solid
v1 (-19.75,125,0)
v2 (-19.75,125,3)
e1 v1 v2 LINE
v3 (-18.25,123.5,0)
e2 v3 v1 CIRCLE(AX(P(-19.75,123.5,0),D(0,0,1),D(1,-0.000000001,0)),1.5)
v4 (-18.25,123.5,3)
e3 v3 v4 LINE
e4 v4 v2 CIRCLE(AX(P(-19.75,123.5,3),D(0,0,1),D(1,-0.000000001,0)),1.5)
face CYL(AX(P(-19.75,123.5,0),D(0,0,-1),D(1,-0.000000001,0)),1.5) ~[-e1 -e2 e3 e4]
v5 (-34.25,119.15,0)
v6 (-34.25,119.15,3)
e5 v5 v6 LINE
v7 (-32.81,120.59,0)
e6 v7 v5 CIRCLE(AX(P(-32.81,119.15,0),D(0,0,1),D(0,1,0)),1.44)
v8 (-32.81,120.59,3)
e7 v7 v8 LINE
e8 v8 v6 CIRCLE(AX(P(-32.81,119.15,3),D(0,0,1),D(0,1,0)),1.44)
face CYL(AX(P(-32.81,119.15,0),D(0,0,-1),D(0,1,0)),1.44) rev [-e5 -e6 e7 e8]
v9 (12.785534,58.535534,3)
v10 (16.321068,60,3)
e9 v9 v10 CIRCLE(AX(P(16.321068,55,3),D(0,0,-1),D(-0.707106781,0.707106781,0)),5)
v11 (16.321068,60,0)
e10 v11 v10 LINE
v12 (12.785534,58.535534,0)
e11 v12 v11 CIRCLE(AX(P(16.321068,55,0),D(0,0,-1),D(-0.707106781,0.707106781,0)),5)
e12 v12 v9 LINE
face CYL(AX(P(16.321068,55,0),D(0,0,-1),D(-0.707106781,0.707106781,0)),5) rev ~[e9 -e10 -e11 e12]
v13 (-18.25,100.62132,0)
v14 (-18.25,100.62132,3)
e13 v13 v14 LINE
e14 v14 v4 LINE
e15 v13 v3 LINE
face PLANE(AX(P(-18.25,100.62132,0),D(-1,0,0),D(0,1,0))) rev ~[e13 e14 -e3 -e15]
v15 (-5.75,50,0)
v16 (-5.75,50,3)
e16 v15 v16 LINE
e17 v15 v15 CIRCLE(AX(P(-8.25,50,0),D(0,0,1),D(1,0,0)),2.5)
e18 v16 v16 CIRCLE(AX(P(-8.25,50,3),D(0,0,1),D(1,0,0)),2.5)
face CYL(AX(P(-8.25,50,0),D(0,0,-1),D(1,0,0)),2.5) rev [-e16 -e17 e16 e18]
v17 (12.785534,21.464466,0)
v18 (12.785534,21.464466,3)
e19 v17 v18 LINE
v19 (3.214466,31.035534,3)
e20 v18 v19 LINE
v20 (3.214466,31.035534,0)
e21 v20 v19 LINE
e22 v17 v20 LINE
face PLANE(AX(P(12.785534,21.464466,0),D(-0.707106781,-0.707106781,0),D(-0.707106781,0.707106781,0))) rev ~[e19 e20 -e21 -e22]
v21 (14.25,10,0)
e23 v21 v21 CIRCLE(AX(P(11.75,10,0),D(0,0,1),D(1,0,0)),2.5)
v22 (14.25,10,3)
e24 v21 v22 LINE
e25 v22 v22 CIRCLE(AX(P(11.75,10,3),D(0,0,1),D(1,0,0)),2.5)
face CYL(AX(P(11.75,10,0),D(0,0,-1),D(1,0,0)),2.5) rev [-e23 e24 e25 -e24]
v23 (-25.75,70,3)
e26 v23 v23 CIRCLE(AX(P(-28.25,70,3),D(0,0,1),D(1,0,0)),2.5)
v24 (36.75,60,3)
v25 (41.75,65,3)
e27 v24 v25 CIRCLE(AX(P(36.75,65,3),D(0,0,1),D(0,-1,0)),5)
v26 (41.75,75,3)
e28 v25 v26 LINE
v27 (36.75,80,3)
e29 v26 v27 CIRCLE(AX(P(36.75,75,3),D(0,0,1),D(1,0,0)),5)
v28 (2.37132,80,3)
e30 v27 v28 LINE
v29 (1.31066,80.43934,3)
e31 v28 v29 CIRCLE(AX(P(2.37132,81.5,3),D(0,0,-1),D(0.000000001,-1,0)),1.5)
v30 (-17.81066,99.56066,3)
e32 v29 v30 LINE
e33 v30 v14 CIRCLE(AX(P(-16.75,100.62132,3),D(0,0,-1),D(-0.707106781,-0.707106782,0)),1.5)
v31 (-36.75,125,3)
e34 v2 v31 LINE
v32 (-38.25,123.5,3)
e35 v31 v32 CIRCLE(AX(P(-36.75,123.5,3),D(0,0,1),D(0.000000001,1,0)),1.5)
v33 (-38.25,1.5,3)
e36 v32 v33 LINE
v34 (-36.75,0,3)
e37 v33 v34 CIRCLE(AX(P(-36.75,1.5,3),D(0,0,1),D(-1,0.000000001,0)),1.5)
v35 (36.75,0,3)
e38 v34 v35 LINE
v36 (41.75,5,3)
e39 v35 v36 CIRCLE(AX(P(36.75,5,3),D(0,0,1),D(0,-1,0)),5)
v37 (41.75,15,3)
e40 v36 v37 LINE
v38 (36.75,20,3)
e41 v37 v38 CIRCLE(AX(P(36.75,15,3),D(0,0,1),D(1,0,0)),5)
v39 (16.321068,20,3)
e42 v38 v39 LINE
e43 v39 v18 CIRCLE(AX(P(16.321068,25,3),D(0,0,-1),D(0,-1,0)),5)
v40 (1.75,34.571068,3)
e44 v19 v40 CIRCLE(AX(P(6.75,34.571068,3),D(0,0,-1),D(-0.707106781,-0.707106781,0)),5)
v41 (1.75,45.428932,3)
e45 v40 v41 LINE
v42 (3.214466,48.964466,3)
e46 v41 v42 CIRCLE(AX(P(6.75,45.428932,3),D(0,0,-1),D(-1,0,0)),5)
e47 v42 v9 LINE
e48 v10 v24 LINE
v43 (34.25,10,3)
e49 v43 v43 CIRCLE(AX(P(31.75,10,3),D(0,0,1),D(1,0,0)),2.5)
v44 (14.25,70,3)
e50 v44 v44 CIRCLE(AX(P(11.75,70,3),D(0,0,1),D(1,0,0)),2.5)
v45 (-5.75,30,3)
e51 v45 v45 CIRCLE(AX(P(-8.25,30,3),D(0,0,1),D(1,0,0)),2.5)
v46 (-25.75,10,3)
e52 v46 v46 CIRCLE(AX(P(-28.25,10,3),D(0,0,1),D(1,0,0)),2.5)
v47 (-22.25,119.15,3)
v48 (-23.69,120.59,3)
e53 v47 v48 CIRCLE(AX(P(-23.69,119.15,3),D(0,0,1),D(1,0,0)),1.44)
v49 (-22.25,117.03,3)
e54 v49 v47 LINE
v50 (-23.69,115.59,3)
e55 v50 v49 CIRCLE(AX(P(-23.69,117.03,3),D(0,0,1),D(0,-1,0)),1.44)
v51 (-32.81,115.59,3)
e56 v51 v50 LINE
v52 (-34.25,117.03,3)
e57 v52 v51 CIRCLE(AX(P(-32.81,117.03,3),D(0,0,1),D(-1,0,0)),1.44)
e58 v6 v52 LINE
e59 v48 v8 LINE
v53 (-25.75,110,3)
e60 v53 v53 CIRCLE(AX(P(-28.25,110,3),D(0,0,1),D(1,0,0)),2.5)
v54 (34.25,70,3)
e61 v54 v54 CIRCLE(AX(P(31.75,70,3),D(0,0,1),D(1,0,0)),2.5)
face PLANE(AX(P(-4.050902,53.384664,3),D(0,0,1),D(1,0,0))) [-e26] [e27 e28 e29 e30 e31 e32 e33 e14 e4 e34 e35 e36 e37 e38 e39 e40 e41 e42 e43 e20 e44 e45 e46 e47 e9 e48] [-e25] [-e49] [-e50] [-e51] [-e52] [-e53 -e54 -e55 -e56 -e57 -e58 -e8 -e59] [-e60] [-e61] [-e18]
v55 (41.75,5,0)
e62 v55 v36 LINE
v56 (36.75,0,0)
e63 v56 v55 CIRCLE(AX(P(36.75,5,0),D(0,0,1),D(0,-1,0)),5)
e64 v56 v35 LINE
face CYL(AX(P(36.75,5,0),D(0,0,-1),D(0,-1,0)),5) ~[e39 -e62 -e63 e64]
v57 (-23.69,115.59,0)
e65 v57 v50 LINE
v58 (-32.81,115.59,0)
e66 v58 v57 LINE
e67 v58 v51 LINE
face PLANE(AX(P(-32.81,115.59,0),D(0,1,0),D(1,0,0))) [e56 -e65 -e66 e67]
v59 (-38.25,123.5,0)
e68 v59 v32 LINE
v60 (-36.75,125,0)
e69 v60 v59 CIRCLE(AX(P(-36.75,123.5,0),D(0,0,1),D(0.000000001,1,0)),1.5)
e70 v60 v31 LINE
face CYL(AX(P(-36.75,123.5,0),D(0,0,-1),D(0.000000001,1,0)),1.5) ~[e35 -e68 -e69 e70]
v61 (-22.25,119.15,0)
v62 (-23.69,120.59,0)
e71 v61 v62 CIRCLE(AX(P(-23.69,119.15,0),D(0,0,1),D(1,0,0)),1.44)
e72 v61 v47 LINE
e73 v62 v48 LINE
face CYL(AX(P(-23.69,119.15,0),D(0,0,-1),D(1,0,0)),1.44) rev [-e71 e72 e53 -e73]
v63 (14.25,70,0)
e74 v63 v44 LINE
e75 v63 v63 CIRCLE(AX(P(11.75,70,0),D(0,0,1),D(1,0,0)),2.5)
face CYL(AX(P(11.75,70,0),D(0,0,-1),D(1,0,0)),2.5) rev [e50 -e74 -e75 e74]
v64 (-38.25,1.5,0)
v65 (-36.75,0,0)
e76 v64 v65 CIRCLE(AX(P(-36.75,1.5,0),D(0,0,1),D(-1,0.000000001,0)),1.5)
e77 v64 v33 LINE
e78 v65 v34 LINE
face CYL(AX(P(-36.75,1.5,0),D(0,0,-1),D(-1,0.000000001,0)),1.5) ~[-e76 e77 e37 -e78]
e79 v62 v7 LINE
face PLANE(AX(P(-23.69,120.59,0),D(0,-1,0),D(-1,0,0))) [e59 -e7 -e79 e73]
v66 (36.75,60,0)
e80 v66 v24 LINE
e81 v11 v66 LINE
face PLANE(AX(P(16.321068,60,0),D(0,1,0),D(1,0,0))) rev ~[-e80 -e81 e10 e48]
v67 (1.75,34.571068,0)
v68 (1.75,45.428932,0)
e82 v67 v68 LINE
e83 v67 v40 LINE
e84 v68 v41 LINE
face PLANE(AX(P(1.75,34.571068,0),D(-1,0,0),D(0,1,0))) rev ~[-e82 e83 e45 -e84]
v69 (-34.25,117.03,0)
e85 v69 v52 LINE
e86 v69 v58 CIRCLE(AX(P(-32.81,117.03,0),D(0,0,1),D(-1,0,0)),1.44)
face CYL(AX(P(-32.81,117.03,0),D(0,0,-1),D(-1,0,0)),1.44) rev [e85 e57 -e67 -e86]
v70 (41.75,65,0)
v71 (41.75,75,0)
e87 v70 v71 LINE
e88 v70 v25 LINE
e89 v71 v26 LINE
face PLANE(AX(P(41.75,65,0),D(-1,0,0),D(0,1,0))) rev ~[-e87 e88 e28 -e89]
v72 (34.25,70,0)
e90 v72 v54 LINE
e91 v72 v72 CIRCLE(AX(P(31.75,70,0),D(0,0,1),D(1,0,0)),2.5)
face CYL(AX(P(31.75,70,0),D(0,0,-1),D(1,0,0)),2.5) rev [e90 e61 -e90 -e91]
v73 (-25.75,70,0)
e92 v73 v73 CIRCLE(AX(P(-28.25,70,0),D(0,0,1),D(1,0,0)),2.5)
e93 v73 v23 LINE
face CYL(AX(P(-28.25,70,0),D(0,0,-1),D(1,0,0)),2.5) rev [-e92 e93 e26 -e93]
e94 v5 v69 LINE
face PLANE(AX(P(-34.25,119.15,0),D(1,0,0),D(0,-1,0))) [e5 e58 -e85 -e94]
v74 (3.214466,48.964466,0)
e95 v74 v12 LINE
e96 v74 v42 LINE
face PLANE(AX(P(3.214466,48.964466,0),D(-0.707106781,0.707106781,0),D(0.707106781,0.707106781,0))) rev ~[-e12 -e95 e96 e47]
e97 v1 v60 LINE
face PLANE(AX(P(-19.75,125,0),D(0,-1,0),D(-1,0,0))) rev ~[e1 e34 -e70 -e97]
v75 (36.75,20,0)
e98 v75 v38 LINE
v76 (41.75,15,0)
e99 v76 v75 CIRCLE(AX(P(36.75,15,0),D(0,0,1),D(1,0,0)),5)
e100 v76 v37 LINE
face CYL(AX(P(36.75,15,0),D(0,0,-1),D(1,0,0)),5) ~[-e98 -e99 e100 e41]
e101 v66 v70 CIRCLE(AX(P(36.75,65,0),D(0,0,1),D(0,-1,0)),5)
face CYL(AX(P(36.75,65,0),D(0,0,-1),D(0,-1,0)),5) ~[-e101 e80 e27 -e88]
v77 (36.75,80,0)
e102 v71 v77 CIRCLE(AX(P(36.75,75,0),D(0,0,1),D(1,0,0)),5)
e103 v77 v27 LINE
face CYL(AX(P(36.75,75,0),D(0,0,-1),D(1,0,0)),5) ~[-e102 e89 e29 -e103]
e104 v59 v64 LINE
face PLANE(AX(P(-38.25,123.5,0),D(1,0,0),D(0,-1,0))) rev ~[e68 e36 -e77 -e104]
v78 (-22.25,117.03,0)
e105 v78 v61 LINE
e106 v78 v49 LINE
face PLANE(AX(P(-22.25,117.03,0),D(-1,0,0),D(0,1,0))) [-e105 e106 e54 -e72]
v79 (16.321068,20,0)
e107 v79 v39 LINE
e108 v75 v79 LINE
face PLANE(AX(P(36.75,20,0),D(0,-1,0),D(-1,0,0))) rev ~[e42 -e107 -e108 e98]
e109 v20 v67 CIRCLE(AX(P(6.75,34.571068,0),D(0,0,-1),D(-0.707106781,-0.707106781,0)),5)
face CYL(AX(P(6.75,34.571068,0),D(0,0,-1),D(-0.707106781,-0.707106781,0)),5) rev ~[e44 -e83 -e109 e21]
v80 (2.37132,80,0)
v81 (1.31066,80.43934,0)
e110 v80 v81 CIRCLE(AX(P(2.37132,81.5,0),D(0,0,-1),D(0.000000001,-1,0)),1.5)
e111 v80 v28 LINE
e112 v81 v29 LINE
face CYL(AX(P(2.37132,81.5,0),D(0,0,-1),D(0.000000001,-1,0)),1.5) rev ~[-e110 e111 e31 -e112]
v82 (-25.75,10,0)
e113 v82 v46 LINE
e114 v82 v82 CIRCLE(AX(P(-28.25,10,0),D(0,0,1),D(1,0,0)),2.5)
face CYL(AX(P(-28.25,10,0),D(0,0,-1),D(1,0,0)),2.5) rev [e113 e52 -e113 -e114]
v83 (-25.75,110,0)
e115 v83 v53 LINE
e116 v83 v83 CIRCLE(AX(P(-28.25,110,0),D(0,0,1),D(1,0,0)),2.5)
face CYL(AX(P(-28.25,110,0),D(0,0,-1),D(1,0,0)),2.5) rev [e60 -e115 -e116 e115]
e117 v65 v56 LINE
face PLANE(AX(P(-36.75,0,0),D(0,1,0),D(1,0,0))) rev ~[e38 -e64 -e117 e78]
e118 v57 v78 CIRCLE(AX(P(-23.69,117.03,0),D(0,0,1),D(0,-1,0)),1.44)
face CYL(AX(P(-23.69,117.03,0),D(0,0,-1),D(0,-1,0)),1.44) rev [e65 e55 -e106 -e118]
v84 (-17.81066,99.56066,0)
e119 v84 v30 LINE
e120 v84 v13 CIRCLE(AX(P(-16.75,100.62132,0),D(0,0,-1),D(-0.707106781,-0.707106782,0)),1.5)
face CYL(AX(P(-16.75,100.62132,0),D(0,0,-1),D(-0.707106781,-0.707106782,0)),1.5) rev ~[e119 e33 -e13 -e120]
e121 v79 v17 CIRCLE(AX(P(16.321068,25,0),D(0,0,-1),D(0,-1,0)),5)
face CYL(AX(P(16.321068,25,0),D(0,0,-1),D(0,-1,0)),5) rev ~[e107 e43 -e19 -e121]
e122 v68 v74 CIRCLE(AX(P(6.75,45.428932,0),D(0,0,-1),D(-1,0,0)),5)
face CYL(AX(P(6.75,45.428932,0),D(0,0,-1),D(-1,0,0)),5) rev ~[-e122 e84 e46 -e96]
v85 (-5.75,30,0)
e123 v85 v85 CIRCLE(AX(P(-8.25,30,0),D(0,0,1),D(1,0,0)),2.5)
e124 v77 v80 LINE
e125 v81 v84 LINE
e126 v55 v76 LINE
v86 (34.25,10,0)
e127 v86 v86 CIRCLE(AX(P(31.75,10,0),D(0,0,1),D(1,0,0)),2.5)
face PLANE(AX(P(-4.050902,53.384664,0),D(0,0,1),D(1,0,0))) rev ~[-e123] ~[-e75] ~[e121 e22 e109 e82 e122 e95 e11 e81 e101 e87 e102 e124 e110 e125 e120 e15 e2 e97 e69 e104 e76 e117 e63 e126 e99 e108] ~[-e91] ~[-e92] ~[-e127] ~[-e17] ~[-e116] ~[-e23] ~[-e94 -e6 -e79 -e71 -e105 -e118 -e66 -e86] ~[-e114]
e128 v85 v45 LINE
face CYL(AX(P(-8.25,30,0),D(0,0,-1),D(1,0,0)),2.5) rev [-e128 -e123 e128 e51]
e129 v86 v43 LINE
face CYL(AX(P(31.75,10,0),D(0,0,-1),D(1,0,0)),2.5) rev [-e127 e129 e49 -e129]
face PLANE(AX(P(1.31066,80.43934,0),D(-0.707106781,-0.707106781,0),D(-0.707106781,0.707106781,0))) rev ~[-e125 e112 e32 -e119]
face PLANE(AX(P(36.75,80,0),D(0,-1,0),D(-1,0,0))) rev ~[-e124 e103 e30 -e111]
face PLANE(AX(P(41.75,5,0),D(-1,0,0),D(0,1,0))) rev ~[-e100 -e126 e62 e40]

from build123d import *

# Parameters (mm, degrees)
MODEL_R             = 2.5
BOSS_EXTRUDE1_DEPTH = 3


with BuildPart() as part:
    # Model → Boss-Extrude1 (new body)
    with BuildSketch(Plane.XY):
        with BuildLine():
            Line((-36.75, 0), (36.75, 0))
            ThreePointArc((36.75, 0), (40.285533906, 1.464466094), (41.75, 5))
            Line((41.75, 5), (41.75, 15))
            ThreePointArc((41.75, 15), (40.285533906, 18.535533906), (36.75, 20))
            Line((36.75, 20), (16.321067812, 20))
            ThreePointArc((16.321067812, 20), (14.40765065, 20.380602337), (12.785533906, 21.464466094))
            Line((12.785533906, 21.464466094), (3.214466094, 31.035533906))
            ThreePointArc((3.214466094, 31.035533906), (2.130602337, 32.65765065), (1.75, 34.571067812))
            Line((1.75, 34.571067812), (1.75, 45.428932188))
            ThreePointArc((1.75, 45.428932188), (2.130602337, 47.34234935), (3.214466094, 48.964466094))
            Line((3.214466094, 48.964466094), (12.785533906, 58.535533906))
            ThreePointArc((12.785533906, 58.535533906), (14.40765065, 59.619397663), (16.321067812, 60))
            Line((16.321067812, 60), (36.75, 60))
            ThreePointArc((36.75, 60), (40.285533906, 61.464466094), (41.75, 65))
            Line((41.75, 65), (41.75, 75))
            ThreePointArc((41.75, 75), (40.285533906, 78.535533906), (36.75, 80))
            Line((36.75, 80), (2.371320344, 80))
            ThreePointArc((2.371320344, 80), (1.797295195, 80.114180701), (1.310660172, 80.439339828))
            Line((1.310660172, 80.439339828), (-17.810660172, 99.560660172))
            ThreePointArc((-17.810660172, 99.560660172), (-18.135819299, 100.047295195), (-18.25, 100.621320344))
            Line((-18.25, 100.621320344), (-18.25, 123.5))
            ThreePointArc((-18.25, 123.5), (-18.689339828, 124.560660172), (-19.75, 125))
            Line((-19.75, 125), (-36.75, 125))
            ThreePointArc((-36.75, 125), (-37.810660172, 124.560660172), (-38.25, 123.5))
            Line((-38.25, 123.5), (-38.25, 1.5))
            ThreePointArc((-38.25, 1.5), (-37.810660172, 0.439339828), (-36.75, 0))
        make_face()
        with Locations((-28.25, 70)):
            Circle(MODEL_R, mode=Mode.SUBTRACT)
        with Locations((-8.25, 30)):
            Circle(MODEL_R, mode=Mode.SUBTRACT)
        with Locations((-8.25, 50)):
            Circle(MODEL_R, mode=Mode.SUBTRACT)
        with Locations((11.75, 70)):
            Circle(MODEL_R, mode=Mode.SUBTRACT)
        with Locations((31.75, 70)):
            Circle(MODEL_R, mode=Mode.SUBTRACT)
        with Locations((31.75, 10)):
            Circle(MODEL_R, mode=Mode.SUBTRACT)
        with Locations((11.75, 10)):
            Circle(MODEL_R, mode=Mode.SUBTRACT)
        with Locations((-28.25, 10)):
            Circle(MODEL_R, mode=Mode.SUBTRACT)
        with Locations((-28.25, 110)):
            Circle(MODEL_R, mode=Mode.SUBTRACT)
        with BuildLine():
            Line((-34.25, 119.15), (-34.25, 117.03))
            ThreePointArc((-34.25, 117.03), (-33.828233765, 116.011766235), (-32.81, 115.59))
            Line((-32.81, 115.59), (-23.69, 115.59))
            ThreePointArc((-23.69, 115.59), (-22.671766235, 116.011766235), (-22.25, 117.03))
            Line((-22.25, 117.03), (-22.25, 119.15))
            ThreePointArc((-22.25, 119.15), (-22.671766235, 120.168233765), (-23.69, 120.59))
            Line((-23.69, 120.59), (-32.81, 120.59))
            ThreePointArc((-32.81, 120.59), (-33.828233765, 120.168233765), (-34.25, 119.15))
        make_face(mode=Mode.SUBTRACT)
    extrude(amount=BOSS_EXTRUDE1_DEPTH)


solid = part.part
